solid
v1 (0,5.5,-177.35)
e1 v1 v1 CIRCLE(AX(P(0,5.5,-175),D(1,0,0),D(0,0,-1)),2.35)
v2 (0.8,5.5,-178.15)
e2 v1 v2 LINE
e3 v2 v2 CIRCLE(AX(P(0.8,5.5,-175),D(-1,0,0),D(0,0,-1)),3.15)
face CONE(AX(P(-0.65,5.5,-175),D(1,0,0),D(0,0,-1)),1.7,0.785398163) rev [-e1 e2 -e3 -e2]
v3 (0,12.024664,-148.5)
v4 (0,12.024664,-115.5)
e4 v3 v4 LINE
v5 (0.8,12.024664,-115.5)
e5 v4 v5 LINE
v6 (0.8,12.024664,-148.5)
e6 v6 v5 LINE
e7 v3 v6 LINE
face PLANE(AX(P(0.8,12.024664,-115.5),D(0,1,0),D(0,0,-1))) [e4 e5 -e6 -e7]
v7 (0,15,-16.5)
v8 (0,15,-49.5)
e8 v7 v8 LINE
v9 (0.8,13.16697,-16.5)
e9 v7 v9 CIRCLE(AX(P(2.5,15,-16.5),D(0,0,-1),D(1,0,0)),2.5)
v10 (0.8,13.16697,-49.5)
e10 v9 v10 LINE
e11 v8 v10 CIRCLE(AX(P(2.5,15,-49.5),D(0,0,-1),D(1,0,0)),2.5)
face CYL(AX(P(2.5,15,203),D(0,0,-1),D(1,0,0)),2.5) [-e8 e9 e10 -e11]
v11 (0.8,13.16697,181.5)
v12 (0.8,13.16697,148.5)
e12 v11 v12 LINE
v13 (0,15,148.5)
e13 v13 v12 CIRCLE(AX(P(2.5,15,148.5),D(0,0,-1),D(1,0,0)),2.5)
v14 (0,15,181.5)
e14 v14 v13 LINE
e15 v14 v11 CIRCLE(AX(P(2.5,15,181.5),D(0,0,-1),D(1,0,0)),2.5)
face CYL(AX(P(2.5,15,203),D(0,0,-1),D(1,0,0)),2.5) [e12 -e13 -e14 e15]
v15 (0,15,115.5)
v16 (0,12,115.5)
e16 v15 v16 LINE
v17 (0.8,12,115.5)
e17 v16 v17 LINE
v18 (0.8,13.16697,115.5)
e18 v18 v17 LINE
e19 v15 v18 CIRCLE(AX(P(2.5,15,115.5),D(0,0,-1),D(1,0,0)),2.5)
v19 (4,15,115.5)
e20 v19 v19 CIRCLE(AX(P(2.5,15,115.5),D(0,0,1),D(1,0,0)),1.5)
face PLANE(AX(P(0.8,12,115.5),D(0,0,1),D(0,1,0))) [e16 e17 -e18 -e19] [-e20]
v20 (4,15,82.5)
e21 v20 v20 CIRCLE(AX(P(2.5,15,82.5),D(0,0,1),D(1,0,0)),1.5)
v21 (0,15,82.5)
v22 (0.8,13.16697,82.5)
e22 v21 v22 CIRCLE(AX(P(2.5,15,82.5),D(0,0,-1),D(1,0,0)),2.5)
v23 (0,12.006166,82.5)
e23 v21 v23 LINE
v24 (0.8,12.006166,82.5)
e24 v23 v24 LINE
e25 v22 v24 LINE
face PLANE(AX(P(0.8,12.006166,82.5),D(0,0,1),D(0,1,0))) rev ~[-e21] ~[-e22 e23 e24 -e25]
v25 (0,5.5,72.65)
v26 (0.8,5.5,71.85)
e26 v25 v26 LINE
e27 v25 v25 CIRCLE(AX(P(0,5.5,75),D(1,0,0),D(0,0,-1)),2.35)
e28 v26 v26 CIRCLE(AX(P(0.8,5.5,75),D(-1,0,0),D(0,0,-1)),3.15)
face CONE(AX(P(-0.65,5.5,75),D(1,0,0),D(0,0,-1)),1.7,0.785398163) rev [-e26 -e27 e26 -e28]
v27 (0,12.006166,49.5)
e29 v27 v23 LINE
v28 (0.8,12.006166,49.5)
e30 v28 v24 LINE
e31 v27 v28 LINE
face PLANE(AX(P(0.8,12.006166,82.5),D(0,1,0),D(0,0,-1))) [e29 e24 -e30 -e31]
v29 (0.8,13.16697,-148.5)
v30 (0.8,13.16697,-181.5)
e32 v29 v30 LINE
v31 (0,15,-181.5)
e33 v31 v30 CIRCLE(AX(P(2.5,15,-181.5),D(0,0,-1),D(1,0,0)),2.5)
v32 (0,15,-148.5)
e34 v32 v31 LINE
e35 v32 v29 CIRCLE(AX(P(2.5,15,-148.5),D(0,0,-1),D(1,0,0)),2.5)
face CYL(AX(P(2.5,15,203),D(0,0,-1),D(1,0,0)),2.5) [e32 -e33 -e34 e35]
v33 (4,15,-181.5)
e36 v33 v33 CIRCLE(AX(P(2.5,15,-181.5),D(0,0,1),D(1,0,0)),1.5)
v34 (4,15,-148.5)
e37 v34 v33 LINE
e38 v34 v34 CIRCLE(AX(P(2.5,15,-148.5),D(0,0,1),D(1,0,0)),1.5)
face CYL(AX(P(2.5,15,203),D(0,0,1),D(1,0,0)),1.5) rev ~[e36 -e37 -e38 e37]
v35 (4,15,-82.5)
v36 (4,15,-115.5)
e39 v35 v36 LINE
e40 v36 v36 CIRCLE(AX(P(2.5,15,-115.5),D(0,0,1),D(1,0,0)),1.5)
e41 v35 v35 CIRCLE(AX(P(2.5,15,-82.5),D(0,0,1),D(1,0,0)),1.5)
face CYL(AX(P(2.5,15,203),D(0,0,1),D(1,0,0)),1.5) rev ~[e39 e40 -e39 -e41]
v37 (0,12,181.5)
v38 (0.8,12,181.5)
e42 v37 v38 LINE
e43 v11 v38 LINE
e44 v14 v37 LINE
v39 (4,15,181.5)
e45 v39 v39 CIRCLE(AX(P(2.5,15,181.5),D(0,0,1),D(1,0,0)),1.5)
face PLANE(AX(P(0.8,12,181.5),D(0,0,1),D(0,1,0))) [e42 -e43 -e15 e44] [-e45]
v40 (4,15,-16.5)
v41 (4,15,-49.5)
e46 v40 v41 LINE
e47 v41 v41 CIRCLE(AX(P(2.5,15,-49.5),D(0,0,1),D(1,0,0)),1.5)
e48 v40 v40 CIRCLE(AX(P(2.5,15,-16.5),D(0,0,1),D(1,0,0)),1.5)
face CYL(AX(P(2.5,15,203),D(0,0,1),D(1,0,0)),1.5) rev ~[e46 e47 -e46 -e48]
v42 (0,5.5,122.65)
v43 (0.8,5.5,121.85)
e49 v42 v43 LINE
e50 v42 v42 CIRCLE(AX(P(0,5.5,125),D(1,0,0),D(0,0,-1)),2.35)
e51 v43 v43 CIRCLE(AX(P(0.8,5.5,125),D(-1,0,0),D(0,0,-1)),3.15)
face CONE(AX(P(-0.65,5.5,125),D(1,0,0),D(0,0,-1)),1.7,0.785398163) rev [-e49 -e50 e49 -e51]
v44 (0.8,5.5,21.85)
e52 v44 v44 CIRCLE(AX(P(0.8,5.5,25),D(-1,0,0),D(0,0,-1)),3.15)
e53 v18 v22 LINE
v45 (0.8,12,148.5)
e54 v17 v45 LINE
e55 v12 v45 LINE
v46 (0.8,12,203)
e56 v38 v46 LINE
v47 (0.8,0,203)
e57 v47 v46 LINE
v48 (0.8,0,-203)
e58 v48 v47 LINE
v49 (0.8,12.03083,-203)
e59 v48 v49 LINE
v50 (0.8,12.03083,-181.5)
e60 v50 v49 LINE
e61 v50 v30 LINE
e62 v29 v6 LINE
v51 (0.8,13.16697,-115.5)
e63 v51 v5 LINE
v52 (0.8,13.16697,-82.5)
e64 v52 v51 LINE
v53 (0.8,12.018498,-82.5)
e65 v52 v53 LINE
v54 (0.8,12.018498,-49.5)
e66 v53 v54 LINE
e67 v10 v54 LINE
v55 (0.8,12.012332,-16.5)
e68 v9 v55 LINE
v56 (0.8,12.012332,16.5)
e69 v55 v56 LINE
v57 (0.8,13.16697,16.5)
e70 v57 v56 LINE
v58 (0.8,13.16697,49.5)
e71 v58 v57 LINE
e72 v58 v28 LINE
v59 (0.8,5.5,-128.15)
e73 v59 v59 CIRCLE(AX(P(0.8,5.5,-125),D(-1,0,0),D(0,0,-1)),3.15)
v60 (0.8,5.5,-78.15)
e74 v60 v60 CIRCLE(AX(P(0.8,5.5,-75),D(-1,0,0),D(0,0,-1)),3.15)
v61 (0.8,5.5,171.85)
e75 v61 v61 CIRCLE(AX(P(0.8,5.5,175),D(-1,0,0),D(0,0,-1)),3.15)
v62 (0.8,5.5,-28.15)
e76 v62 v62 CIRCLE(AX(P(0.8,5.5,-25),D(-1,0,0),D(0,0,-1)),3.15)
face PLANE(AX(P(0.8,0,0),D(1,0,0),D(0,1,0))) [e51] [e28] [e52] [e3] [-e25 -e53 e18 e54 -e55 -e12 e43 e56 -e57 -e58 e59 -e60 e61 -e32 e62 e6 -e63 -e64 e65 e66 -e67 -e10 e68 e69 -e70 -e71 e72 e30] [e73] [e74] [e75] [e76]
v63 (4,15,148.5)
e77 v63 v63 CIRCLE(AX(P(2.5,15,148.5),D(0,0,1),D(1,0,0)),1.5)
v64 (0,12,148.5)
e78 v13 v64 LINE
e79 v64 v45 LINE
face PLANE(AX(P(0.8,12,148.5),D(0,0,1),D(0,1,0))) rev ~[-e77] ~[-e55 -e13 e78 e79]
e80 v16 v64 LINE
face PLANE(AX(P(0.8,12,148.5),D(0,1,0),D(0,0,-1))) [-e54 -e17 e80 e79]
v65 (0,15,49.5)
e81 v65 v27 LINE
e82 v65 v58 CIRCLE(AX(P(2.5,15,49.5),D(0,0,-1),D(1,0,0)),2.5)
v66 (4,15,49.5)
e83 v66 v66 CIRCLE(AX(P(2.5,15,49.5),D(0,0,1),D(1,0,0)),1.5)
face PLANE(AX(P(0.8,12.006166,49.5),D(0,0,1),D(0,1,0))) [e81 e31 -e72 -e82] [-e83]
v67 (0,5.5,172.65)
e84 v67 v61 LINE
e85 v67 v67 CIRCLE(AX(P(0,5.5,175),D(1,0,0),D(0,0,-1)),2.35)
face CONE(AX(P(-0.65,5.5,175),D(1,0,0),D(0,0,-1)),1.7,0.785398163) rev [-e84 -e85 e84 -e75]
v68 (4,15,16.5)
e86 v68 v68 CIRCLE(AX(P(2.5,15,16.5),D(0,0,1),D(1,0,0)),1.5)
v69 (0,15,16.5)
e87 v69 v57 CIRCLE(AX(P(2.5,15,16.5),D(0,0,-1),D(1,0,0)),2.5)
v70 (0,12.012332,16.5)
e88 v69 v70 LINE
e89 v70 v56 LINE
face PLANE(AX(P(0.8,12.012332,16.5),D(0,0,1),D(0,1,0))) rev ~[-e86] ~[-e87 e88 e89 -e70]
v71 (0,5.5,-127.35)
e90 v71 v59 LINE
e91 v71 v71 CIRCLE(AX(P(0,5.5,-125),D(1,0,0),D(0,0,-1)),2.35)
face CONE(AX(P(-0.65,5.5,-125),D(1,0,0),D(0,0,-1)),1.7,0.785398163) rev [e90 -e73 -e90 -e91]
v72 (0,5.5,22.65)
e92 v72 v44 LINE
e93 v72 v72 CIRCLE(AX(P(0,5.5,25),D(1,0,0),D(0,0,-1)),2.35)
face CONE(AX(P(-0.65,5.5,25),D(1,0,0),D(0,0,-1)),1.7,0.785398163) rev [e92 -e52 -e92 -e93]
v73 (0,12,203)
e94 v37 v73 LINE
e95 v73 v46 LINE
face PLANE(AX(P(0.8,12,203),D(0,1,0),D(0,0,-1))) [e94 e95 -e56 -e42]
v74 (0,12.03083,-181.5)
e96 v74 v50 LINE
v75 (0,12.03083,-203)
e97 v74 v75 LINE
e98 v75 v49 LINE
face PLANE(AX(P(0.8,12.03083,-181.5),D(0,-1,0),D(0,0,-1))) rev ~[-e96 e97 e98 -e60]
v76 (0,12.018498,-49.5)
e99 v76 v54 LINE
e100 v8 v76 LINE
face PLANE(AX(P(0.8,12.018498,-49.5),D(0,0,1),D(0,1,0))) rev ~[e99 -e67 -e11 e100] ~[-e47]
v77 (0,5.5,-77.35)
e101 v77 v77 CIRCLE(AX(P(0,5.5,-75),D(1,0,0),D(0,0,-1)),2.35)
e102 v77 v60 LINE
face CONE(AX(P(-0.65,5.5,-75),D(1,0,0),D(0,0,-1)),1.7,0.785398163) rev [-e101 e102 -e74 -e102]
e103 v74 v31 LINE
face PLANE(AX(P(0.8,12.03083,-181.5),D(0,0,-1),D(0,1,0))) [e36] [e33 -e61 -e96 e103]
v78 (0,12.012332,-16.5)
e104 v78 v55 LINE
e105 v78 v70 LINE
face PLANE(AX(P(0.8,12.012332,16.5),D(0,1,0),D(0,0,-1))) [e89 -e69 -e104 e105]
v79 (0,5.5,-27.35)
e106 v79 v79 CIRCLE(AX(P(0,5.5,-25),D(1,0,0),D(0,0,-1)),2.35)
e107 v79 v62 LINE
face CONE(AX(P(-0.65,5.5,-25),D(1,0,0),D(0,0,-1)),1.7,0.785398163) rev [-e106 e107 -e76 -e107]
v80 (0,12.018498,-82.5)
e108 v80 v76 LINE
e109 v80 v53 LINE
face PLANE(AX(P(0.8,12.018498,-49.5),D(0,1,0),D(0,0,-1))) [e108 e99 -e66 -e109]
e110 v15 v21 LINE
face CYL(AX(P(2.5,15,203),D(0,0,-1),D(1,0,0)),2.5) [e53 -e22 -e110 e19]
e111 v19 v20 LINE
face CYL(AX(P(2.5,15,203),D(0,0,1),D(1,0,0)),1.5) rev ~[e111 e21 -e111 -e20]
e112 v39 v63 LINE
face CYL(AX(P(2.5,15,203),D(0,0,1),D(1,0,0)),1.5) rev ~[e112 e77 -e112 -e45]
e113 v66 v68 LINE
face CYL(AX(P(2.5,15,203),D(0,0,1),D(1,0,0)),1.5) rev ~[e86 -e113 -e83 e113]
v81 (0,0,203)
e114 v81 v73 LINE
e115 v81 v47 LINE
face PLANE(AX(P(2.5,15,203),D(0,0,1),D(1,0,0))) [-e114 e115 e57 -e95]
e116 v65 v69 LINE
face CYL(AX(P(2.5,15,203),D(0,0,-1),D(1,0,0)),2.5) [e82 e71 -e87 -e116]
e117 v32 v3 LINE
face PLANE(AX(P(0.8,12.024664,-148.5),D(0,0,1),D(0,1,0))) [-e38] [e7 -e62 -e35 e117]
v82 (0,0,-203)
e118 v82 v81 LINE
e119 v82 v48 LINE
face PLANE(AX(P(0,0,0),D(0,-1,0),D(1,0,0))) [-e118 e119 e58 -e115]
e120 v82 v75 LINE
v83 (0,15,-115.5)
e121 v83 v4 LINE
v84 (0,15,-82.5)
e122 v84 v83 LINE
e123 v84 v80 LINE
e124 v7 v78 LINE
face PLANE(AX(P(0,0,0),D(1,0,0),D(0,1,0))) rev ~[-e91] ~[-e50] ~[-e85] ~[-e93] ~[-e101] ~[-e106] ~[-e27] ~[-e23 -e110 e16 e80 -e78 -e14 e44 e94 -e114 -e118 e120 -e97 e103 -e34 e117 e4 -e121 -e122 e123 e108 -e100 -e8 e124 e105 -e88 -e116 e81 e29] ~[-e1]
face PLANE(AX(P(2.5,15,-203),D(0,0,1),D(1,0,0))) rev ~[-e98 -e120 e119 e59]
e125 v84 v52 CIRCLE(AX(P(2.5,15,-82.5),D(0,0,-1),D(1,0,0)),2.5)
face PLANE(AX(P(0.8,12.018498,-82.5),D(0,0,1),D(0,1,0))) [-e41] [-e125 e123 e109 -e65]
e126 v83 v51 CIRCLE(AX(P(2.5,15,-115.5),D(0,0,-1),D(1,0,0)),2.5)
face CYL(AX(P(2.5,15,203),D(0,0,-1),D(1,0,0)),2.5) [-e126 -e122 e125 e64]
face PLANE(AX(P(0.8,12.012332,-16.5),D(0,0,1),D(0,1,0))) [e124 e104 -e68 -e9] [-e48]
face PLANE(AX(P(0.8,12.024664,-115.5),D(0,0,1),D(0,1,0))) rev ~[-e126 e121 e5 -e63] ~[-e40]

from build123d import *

# Parameters (mm, degrees)
SKETCH_1_W             = 0.8
SKETCH_1_H             = 15
EXTRUDE_1_DEPTH        = 203
SKETCH_2_R             = 2.5
SKETCH_3_R             = 1.5
CUT_EXTRUDE_1_DEPTH    = 407.407738607
SKETCH_10_W            = 33
SKETCH_10_H            = 6
SKETCH_10_W_2          = 21.5
CUT_EXTRUDE_4_DEPTH    = 60
PATTERN_LINEAR_1_COUNT = 8
PATTERN_LINEAR_1_PITCH = 50


with BuildPart() as part:
    # 草图1 → 拉伸-薄壁1 (new, symmetric)
    with BuildSketch(Plane.XY):
        with Locations((0.4, 7.5)):
            Rectangle(SKETCH_1_W, SKETCH_1_H)
    extrude(amount=EXTRUDE_1_DEPTH, both=True)

    # 扫描1: sweep along a curve in space
    with BuildLine() as sweep_1_path:
        Line((0.8, 15, 203), (0.8, 15, -203))
    # 草图2 → 扫描1 (sweep)
    with BuildSketch(Plane.XY.offset(203)):
        with Locations((2.5, 15)):
            Circle(SKETCH_2_R)
    sweep(path=sweep_1_path.line)

    # 草图3 → 切除-拉伸1 (cut, through all)
    with BuildSketch(Plane.XY.offset(203)):
        with Locations((2.5, 15)):
            Circle(SKETCH_3_R)
    extrude(amount=-CUT_EXTRUDE_1_DEPTH, mode=Mode.SUBTRACT)

    # 草图10 → 切除-拉伸4 (cut, symmetric)
    with BuildSketch(Plane(origin=(0.8, 0, 0), x_dir=(0, 0, -1), z_dir=(1, 0, 0))):
        with Locations((-132, 15)):
            Rectangle(SKETCH_10_W, SKETCH_10_H)
        with Locations((-192.25, 15)):
            Rectangle(SKETCH_10_W_2, SKETCH_10_H)
        with Locations((-66, 15.006165986)):
            Rectangle(SKETCH_10_W, SKETCH_10_H)
        with Locations((0, 15.012331973)):
            Rectangle(SKETCH_10_W, SKETCH_10_H)
        with Locations((66, 15.018497959)):
            Rectangle(SKETCH_10_W, SKETCH_10_H)
        with Locations((132, 15.024663945)):
            Rectangle(SKETCH_10_W, SKETCH_10_H)
        with Locations((192.25, 15.030829932)):
            Rectangle(SKETCH_10_W_2, SKETCH_10_H)
    extrude(amount=CUT_EXTRUDE_4_DEPTH, both=True, mode=Mode.SUBTRACT)

    # 草图11 → M3 锥坑平头螺钉的锥形沉头孔1 (revolve, cut)
    with BuildSketch(Plane(origin=(0.8, 5.5, -175), x_dir=(0, 0, -1), z_dir=(0, 1, 0))):
        Polygon((0, 0), (0, 0.8), (1.7, 0.8), (1.7, 1.45), (3.15, 0), align=None)
    hole_wizard_m3_1 = revolve(axis=Axis((7.15, 5.5, -175), (-1, 0, 0)), mode=Mode.SUBTRACT)

    # 阵列(线性)1: M3 锥坑平头螺钉的锥形沉头孔1 ×8
    with Locations(*[(0, 0, i * PATTERN_LINEAR_1_PITCH) for i in range(1, PATTERN_LINEAR_1_COUNT)]):
        add(hole_wizard_m3_1, mode=Mode.SUBTRACT)


solid = part.part
